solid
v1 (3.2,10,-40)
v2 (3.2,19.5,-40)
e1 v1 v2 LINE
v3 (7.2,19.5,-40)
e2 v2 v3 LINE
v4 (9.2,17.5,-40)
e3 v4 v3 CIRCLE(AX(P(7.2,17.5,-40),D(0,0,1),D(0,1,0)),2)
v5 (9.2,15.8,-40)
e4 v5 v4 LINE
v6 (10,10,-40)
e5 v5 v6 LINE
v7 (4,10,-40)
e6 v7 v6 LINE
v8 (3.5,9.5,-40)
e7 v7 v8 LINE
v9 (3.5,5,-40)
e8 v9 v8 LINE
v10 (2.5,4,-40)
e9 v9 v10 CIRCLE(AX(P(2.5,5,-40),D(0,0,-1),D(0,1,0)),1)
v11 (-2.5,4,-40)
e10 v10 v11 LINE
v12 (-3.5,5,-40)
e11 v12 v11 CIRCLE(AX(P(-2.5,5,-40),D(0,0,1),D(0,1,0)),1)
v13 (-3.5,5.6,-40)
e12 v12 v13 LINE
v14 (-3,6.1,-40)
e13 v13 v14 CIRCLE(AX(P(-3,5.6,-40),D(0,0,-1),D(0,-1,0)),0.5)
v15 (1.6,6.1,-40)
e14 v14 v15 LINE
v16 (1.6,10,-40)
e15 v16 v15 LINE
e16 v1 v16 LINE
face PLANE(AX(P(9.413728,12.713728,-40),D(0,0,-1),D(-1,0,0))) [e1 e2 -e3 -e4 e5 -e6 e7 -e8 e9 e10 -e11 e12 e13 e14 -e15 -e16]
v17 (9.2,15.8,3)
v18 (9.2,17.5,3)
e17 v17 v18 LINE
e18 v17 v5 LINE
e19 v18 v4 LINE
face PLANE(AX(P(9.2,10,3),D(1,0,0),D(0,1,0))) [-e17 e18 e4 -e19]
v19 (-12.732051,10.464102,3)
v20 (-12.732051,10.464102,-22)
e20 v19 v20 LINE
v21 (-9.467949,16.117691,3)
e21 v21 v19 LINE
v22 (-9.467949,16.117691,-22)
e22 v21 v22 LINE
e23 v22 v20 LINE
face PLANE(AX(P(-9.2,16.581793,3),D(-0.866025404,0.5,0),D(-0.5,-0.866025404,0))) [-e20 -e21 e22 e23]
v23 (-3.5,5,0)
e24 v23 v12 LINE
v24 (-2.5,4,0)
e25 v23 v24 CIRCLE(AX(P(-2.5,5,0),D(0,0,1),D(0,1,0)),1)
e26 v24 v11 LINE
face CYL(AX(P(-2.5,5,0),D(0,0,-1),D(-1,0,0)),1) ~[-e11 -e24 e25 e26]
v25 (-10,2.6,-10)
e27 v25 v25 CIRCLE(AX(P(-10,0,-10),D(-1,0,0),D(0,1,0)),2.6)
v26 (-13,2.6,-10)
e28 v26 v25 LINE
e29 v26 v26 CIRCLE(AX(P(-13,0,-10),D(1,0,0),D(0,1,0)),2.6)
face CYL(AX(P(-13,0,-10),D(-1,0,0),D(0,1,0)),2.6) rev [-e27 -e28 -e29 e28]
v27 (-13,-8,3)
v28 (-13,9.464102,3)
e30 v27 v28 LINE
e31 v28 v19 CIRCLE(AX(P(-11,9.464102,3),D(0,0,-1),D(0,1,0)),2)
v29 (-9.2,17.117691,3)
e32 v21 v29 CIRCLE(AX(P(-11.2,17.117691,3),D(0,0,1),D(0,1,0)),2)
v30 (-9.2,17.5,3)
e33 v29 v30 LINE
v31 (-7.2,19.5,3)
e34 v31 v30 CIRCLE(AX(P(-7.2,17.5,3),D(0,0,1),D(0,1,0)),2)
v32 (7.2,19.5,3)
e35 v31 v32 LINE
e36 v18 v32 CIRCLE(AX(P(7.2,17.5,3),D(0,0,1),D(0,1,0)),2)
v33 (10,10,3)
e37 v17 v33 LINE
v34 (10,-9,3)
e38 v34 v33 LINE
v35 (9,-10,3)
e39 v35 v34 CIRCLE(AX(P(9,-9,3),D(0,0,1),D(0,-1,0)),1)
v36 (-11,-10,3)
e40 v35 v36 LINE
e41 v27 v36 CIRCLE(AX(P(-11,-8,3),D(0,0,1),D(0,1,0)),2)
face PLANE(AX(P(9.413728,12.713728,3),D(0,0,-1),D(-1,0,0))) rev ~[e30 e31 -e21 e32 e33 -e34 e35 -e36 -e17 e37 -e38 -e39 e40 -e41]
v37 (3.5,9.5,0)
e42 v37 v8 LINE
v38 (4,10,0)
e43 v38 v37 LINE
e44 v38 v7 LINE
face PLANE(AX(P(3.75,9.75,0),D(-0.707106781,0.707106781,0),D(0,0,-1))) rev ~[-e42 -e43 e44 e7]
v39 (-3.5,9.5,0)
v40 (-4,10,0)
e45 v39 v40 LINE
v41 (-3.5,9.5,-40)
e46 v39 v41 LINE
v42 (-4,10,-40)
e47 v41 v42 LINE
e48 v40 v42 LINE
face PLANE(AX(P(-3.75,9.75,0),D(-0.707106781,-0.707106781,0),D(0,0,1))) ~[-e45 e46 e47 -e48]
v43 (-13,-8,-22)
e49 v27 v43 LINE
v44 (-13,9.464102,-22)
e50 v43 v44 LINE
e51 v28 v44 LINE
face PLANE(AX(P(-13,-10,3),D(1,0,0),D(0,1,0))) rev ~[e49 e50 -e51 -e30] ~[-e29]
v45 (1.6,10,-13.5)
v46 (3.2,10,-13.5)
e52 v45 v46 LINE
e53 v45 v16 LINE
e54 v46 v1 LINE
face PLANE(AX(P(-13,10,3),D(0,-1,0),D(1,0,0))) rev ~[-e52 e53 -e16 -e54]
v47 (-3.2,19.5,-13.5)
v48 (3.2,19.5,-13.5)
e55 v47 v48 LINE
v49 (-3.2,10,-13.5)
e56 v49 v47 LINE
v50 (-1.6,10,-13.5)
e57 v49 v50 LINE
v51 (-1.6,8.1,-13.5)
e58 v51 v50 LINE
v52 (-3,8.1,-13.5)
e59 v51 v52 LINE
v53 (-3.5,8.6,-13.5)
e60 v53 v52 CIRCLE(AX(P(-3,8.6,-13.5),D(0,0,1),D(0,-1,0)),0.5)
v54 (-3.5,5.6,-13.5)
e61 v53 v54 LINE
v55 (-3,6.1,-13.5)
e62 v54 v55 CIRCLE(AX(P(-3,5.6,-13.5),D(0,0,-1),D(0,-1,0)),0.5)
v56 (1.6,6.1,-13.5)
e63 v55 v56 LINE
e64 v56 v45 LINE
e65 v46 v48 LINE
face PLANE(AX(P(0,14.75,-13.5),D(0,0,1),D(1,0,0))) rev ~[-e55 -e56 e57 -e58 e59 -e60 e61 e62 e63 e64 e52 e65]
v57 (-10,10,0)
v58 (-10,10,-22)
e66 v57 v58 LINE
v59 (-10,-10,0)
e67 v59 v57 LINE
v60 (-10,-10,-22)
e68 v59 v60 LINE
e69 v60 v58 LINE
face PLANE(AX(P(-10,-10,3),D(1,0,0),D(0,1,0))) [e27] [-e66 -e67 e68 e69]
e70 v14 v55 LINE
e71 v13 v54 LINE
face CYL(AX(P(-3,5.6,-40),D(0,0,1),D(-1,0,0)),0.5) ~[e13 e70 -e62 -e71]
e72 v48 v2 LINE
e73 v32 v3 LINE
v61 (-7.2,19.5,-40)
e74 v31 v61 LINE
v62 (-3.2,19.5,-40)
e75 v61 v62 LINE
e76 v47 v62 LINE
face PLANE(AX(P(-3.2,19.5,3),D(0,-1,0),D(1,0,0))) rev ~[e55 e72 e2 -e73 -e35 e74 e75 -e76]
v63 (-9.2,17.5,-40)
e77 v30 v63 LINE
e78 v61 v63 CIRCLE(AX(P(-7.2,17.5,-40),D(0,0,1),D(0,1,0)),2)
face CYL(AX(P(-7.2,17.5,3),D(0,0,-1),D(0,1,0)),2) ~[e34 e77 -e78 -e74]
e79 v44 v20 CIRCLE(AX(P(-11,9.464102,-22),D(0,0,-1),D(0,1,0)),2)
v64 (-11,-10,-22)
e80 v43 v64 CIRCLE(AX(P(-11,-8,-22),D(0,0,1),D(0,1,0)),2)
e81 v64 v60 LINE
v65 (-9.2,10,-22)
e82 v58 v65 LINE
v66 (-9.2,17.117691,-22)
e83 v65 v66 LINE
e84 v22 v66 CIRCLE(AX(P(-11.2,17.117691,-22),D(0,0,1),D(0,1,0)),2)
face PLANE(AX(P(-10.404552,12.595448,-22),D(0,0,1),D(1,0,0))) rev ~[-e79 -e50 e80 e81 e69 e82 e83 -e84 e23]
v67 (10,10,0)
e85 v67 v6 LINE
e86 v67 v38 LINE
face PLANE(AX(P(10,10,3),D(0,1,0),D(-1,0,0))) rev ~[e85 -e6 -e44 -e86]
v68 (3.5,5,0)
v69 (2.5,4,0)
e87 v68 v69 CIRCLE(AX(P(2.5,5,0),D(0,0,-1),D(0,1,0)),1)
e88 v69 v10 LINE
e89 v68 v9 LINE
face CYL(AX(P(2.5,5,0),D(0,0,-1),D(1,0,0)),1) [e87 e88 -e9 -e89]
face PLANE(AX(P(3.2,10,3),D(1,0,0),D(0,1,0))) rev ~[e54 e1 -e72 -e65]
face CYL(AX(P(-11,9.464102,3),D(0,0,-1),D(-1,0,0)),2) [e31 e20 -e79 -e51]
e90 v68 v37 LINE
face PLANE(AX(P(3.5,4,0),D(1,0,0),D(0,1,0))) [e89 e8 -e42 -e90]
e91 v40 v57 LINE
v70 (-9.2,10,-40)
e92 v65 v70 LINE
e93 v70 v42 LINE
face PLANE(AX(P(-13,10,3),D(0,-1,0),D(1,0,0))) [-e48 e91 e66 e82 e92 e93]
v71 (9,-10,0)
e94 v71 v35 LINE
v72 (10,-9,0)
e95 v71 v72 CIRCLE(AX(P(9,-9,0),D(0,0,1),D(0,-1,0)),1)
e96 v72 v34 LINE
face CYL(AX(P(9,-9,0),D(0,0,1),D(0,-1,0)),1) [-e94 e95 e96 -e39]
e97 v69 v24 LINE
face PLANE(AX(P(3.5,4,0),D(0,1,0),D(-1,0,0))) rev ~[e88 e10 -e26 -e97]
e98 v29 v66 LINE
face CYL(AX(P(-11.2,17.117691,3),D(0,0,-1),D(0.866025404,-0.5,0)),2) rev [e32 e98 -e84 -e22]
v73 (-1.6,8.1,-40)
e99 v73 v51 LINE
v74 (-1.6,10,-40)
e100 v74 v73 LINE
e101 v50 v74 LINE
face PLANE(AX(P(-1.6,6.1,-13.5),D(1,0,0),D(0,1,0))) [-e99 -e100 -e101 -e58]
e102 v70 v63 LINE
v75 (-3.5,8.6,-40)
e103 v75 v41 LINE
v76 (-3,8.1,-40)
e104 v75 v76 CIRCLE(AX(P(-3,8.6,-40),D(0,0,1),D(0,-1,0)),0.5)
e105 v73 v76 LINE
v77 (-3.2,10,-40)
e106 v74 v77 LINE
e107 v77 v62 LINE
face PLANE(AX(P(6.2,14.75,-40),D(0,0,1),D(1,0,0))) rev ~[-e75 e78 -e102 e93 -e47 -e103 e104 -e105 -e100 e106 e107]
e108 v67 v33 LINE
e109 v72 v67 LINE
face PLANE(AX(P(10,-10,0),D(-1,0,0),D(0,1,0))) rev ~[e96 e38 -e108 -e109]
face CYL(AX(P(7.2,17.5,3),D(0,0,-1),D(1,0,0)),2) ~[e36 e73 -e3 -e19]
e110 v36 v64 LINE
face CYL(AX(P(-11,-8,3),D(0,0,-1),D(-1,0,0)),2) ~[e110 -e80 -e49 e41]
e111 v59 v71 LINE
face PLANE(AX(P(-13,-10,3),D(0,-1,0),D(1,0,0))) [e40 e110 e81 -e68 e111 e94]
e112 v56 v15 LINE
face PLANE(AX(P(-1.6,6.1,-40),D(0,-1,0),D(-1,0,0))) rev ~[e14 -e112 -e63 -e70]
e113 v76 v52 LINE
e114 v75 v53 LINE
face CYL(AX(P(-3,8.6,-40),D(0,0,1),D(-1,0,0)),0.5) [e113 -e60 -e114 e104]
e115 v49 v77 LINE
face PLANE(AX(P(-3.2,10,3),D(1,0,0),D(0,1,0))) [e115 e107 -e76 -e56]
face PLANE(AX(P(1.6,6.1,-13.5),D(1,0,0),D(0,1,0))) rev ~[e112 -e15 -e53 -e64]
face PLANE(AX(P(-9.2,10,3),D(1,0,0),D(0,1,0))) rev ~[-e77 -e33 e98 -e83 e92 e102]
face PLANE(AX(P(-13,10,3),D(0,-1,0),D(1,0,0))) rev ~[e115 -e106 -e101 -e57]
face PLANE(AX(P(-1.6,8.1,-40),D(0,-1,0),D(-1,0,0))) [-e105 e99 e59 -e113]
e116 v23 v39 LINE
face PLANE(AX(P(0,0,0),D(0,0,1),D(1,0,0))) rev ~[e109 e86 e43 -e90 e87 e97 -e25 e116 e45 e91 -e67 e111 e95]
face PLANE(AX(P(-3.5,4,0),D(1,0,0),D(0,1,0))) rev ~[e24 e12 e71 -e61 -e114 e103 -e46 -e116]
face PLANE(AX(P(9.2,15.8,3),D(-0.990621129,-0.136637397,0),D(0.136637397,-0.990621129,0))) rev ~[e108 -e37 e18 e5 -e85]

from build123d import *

# Parameters (mm, degrees)
SKETCH_1_W          = 20
SKETCH_1_H          = 20
EXTRUDE_1_DEPTH     = 3
SKETCH_2_W          = 7
SKETCH_2_H          = 6
EXTRUDE_2_DEPTH     = 40
SKETCH_3_W          = 3
SKETCH_3_H          = 20
EXTRUDE_3_DEPTH     = 25
CUT_EXTRUDE_1_REACH = 49.212
SKETCH_4_R          = 2.6
FILLET_1_R          = 1
SKETCH_5_W          = 3.2
SKETCH_5_H          = 3.9
CUT_EXTRUDE_2_DEPTH = 30
SKETCH_6_W          = 6
SKETCH_6_H          = 9.5
EXTRUDE_4_DEPTH     = 43
CHAMFER_1_SIZE      = 0.5
SKETCH_7_W          = 6.4
SKETCH_7_H          = 9.5
EXTRUDE_5_DEPTH     = 16.5
EXTRUDE_6_DEPTH     = 25
FILLET_2_R          = 2
SKETCH_10_W         = 1.9
SKETCH_10_H         = 2
CUT_EXTRUDE_3_DEPTH = 26.5
FILLET_3_R          = 0.5
FILLET_4_R          = 1
EXTRUDE_7_DEPTH     = 43


with BuildPart() as part:
    # ｽｹｯﾁ1 → ﾎﾞｽ - 押し出し1 (new body)
    with BuildSketch(Plane.XY):
        Rectangle(SKETCH_1_W, SKETCH_1_H)
    extrude(amount=EXTRUDE_1_DEPTH)

    # ｽｹｯﾁ2 → ﾎﾞｽ - 押し出し2 (add)
    with BuildSketch(Plane(origin=(0, 0, 0), x_dir=(-1, 0, 0), z_dir=(0, 0, -1))):
        with Locations((0, 7)):
            Rectangle(SKETCH_2_W, SKETCH_2_H)
    extrude(amount=EXTRUDE_2_DEPTH)

    # ｽｹｯﾁ3 → ﾎﾞｽ - 押し出し3 (add)
    with BuildSketch(Plane.XY.offset(3)):
        with Locations((-11.5, 0)):
            Rectangle(SKETCH_3_W, SKETCH_3_H)
    extrude(amount=-EXTRUDE_3_DEPTH)

    # ｽｹｯﾁ4 → ｶｯﾄ - 押し出し1 (cut, up to next)
    with BuildSketch(Plane(origin=(-13, 0, 0), x_dir=(0, 0, -1), z_dir=(1, 0, 0)), mode=Mode.PRIVATE) as cut_extrude_1_sk1:
        with Locations(Location((10, 0, 0), (0, 0, 90))):
            Circle(SKETCH_4_R)
    cut_extrude_1_tool1 = extrude(cut_extrude_1_sk1.sketch, amount=CUT_EXTRUDE_1_REACH, mode=Mode.PRIVATE) & part.part
    add(cut_extrude_1_tool1.solids().sort_by_distance((-13, 0, -10))[0], mode=Mode.SUBTRACT)

    # ﾌｨﾚｯﾄ1
    fillet_1_edges = [part.edges().sort_by_distance(p)[0] for p in [
        (10, -10, 1.5),
    ]]
    fillet(fillet_1_edges, radius=FILLET_1_R)

    # ｽｹｯﾁ5 → ｶｯﾄ - 押し出し2 (cut)
    with BuildSketch(Plane(origin=(0, 0, -13.5), x_dir=(-1, 0, 0), z_dir=(0, 0, -1))):
        with Locations((0, 8.05)):
            Rectangle(SKETCH_5_W, SKETCH_5_H)
    extrude(amount=CUT_EXTRUDE_2_DEPTH, mode=Mode.SUBTRACT)

    # ｽｹｯﾁ6 → ﾎﾞｽ - 押し出し4 (add)
    with BuildSketch(Plane.XY.offset(3)):
        with Locations((6.2, 14.75)):
            Rectangle(SKETCH_6_W, SKETCH_6_H)
        with Locations((-6.2, 14.75)):
            Rectangle(SKETCH_6_W, SKETCH_6_H)
    extrude(amount=-EXTRUDE_4_DEPTH)

    # 面取り1
    chamfer_1_edges = [part.edges().sort_by_distance(p)[0] for p in [
        (-3.5, 10, -20),
        (3.5, 10, -20),
    ]]
    chamfer(chamfer_1_edges, length=CHAMFER_1_SIZE)

    # ｽｹｯﾁ7 → ﾎﾞｽ - 押し出し5 (add)
    with BuildSketch(Plane.XY.offset(3)):
        with Locations((0, 14.75)):
            Rectangle(SKETCH_7_W, SKETCH_7_H)
    extrude(amount=-EXTRUDE_5_DEPTH)

    # ｽｹｯﾁ8 → ﾎﾞｽ - 押し出し6 (add)
    with BuildSketch(Plane.XY.offset(3)):
        Polygon((-13, 10), (-9.2, 10), (-9.2, 16.581793069), align=None)
    extrude(amount=-EXTRUDE_6_DEPTH)

    # ﾌｨﾚｯﾄ2
    fillet_2_edges = [part.edges().sort_by_distance(p)[0] for p in [
        (-9.2, 16.581793069, -9.5),
        (-13, -10, -9.5),
        (-13, 10, -9.5),
        (9.2, 19.5, -18.5),
        (-9.2, 19.5, -18.5),
    ]]
    fillet(fillet_2_edges, radius=FILLET_2_R)

    # ｽｹｯﾁ10 → ｶｯﾄ - 押し出し3 (cut)
    with BuildSketch(Plane(origin=(0, 0, -40), x_dir=(-1, 0, 0), z_dir=(0, 0, -1))):
        with Locations((2.55, 7.1)):
            Rectangle(SKETCH_10_W, SKETCH_10_H)
    extrude(amount=-CUT_EXTRUDE_3_DEPTH, mode=Mode.SUBTRACT)

    # ﾌｨﾚｯﾄ3
    fillet_3_edges = [part.edges().sort_by_distance(p)[0] for p in [
        (-3.5, 6.1, -26.75),
        (-3.5, 8.1, -26.75),
    ]]
    fillet(fillet_3_edges, radius=FILLET_3_R)

    # ﾌｨﾚｯﾄ4
    fillet_4_edges = [part.edges().sort_by_distance(p)[0] for p in [
        (-3.5, 4, -20),
        (3.5, 4, -20),
    ]]
    fillet(fillet_4_edges, radius=FILLET_4_R)

    # ｽｹｯﾁ9 → ﾎﾞｽ - 押し出し7 (add)
    with BuildSketch(Plane.XY.offset(3)):
        Polygon((10, 10), (9.2, 10), (9.2, 15.8), align=None)
    extrude(amount=-EXTRUDE_7_DEPTH)


solid = part.part
